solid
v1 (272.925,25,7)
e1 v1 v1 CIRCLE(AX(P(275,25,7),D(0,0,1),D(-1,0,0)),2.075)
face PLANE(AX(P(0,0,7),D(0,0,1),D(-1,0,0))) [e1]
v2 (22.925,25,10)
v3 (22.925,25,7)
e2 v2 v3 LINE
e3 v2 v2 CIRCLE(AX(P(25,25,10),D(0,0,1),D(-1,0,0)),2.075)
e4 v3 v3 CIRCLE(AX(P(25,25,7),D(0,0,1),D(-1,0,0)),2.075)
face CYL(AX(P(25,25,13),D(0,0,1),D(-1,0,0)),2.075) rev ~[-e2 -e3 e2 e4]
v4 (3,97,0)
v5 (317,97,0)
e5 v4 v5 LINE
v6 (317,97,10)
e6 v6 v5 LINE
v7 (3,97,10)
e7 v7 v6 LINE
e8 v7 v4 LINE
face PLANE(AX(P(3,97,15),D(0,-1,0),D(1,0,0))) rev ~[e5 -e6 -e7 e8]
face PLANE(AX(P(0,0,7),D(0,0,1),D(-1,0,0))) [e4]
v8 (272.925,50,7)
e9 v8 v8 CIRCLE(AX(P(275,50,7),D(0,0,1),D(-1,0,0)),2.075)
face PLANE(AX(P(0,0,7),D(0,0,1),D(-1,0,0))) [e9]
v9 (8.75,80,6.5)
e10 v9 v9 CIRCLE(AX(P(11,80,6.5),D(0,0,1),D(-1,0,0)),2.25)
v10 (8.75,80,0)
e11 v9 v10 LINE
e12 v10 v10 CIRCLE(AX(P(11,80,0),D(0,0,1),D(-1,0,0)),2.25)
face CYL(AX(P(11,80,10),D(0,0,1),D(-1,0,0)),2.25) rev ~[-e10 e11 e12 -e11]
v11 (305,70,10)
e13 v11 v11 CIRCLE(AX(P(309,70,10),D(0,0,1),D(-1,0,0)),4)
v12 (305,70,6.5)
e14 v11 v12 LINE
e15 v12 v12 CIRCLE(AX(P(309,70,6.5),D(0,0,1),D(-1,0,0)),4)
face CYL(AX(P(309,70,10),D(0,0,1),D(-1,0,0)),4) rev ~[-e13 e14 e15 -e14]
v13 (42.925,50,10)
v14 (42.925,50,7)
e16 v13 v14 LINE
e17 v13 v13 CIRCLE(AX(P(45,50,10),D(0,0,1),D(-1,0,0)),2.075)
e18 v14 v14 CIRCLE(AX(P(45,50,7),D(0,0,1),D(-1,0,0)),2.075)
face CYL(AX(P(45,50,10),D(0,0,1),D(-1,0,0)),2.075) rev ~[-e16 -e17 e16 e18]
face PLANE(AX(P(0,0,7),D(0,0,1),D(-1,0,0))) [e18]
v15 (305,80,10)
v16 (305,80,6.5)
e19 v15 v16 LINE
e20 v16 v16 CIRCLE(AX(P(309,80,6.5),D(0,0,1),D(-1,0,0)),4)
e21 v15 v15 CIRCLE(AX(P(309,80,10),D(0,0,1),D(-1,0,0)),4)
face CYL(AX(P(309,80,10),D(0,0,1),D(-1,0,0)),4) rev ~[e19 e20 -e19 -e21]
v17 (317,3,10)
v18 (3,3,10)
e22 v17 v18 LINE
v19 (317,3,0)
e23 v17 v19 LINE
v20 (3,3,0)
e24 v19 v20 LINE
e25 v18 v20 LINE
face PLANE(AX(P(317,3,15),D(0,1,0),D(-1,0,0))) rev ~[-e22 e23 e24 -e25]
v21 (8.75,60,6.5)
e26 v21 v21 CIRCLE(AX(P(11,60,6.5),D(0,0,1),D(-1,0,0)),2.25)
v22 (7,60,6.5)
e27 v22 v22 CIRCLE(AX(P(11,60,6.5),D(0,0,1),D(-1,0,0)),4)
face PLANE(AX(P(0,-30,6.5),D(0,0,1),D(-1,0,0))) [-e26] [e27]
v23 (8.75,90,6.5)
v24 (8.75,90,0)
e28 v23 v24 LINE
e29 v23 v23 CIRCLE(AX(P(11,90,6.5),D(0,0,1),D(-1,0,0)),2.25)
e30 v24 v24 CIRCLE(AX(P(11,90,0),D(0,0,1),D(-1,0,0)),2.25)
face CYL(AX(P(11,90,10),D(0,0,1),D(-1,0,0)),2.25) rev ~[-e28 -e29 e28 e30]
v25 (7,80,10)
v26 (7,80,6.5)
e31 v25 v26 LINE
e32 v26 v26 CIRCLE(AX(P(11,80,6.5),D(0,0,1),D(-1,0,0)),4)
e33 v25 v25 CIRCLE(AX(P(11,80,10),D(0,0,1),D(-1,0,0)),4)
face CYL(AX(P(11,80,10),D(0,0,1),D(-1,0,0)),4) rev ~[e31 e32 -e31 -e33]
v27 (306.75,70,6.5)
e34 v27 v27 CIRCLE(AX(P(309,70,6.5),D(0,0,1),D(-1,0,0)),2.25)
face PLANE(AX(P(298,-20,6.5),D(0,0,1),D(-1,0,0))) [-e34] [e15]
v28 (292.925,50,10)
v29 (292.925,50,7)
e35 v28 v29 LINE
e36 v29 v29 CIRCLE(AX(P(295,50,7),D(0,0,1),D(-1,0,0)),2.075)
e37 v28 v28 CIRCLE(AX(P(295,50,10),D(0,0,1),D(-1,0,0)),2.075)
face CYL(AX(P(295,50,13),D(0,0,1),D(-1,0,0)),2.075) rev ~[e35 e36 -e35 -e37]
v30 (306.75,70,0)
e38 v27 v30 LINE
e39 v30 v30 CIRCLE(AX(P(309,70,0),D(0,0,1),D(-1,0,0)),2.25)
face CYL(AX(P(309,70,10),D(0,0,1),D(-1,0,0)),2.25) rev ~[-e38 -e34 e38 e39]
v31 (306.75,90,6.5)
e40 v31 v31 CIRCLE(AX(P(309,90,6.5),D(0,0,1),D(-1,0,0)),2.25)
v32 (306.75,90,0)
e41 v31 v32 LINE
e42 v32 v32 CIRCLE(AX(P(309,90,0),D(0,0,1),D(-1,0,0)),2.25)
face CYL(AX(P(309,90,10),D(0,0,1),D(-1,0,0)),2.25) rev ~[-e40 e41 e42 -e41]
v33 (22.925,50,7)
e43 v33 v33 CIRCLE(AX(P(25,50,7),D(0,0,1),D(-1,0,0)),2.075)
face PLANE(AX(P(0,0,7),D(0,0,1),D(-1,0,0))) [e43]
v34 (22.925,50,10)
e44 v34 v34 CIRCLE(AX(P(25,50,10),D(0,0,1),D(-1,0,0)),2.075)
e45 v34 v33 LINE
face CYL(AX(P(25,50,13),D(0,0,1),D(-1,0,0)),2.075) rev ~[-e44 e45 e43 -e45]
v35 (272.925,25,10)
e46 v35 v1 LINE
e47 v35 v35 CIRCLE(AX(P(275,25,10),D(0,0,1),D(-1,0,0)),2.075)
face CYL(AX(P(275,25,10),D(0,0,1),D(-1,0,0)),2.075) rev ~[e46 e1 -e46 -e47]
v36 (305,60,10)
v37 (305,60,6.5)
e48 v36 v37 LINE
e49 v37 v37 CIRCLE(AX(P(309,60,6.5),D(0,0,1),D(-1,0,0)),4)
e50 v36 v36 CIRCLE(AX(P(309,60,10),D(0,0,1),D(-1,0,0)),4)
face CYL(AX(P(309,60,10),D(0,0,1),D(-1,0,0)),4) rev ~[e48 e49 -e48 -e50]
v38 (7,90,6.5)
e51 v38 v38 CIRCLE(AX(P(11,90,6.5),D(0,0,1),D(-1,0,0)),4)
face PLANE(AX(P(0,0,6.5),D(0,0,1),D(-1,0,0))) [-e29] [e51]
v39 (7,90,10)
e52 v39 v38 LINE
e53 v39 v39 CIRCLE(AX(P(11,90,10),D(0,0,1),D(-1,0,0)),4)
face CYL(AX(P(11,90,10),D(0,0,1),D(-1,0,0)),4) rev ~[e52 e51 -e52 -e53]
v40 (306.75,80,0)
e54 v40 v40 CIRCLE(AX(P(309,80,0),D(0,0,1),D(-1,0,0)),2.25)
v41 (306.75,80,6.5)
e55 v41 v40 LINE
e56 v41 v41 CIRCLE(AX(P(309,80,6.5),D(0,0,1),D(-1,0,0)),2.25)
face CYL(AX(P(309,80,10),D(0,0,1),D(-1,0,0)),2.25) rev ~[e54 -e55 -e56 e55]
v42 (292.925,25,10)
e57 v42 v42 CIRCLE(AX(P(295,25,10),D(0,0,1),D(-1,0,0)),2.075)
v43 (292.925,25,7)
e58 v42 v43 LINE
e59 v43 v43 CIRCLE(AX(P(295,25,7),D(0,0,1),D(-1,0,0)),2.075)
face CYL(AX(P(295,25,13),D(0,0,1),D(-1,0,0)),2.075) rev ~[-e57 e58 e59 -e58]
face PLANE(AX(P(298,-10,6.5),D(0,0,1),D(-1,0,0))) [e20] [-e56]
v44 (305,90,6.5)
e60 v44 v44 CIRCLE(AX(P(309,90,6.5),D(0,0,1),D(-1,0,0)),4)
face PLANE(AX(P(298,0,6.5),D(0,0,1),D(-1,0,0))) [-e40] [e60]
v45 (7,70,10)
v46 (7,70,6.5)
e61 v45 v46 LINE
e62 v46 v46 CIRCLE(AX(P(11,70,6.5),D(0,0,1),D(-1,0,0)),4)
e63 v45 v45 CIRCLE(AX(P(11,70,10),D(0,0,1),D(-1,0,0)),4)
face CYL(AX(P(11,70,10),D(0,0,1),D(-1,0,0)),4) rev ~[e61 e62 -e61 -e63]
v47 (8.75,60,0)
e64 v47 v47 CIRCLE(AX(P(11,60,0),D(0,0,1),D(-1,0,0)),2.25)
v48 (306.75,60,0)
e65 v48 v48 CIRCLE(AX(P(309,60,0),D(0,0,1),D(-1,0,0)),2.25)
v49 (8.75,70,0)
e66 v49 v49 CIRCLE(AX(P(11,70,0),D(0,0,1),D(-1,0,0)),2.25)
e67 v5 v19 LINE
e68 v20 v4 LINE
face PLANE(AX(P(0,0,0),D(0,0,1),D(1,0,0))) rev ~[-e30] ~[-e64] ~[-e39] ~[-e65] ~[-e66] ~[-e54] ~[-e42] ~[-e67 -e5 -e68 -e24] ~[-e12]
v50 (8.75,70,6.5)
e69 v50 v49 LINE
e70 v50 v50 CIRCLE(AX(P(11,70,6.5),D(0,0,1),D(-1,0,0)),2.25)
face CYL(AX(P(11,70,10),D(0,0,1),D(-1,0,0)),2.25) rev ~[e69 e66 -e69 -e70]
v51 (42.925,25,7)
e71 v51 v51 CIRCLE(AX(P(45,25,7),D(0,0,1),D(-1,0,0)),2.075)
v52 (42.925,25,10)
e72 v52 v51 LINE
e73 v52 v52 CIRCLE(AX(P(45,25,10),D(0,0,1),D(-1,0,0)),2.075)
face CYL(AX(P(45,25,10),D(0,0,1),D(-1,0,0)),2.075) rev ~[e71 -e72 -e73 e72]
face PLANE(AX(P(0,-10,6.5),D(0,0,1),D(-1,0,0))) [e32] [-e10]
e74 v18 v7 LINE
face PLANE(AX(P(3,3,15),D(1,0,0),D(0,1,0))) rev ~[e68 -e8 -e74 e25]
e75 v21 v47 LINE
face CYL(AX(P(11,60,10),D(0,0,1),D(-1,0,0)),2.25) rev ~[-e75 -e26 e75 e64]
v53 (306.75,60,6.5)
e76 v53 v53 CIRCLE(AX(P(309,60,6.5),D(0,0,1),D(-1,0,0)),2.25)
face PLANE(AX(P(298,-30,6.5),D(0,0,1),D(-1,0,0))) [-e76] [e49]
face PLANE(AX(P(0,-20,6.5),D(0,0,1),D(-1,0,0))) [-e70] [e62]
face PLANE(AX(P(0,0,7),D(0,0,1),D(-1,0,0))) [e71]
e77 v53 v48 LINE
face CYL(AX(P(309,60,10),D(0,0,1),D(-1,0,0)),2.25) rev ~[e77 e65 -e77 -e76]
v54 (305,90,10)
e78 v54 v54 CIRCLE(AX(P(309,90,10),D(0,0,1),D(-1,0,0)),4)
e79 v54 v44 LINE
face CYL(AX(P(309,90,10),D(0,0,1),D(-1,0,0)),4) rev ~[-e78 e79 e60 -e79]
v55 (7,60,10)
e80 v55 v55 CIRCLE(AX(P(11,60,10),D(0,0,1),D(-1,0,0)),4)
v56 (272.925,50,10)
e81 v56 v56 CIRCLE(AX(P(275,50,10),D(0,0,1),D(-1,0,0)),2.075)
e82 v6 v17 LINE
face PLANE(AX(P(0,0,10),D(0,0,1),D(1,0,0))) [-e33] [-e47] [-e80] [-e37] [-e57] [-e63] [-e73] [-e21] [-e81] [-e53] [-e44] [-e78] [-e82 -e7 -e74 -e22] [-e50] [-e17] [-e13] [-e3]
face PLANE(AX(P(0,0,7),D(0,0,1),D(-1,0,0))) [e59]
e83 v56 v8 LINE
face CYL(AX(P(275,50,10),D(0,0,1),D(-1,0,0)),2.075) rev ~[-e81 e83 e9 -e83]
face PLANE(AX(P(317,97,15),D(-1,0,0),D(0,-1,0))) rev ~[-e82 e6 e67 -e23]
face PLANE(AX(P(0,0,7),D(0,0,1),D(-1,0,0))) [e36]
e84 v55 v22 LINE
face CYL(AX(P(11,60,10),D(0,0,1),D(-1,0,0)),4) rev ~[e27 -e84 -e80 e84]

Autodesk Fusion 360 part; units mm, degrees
sketch "Sketch1" plane through (0, 0, 0) normal (0, 0, 1) x (1, 0, 0)
  line L0 (0, 0) -> (320, 0)
  line L1 (320, 0) -> (320, 100)
  line L2 (320, 100) -> (0, 100)
  line L3 (0, 100) -> (0, 0)
  dimension "d1" = 320
  dimension "d2" = 100
extrude "Extrude1" add sketch "Sketch1" along normal blind 10
sketch "Sketch2" plane through (0, 0, 10) normal (0, 0, 1) x (-1, 0, 0)
  line L0 (0, -100) -> (0, 0)
  line L1 (0, 0) -> (-320, 0)
  line L2 (-320, 0) -> (-320, -100)
  line L3 (-320, -100) -> (0, -100)
  circle A0 centre (-11, -90) radius 2.25
  circle A1 centre (-309, -90) radius 2.25
  circle A2 centre (-11, -80) radius 2.25
  circle A3 centre (-309, -80) radius 2.25
  circle A4 centre (-11, -70) radius 2.25
  circle A5 centre (-11, -60) radius 2.25
  circle A6 centre (-309, -70) radius 2.25
  circle A7 centre (-309, -60) radius 2.25
  dimension "d5" = 4.5
  dimension "d6" = 4.5
  dimension "d7" = 298
  dimension "d8" = 11
  dimension "d9" = 10
  dimension "d10" = 4.5
  dimension "d11" = 4.5
  dimension "d13" = 4.5
  dimension "d14" = 4.5
  dimension "d16" = 4.5
  dimension "d17" = 4.5
extrude "Extrude2" cut sketch "Sketch2" against normal blind 30 contours A0 | A1 | A2 | A3 | A4 | A5 | A6 | A7
sketch "Sketch3" plane through (0, 0, 10) normal (0, 0, 1) x (-1, 0, 0)
  circle A0 centre (-309, -80) radius 2.25
  circle A1 centre (-11, -80) radius 2.25
  circle A2 centre (-11, -70) radius 2.25
  circle A3 centre (-309, -70) radius 2.25
  circle A4 centre (-309, -90) radius 2.25
  circle A5 centre (-11, -90) radius 2.25
  circle A6 centre (-11, -60) radius 2.25
  circle A7 centre (-309, -60) radius 2.25
  line L0 (0, -100) -> (0, 0)
  line L1 (0, 0) -> (-320, 0)
  line L2 (-320, 0) -> (-320, -100)
  line L3 (-320, -100) -> (0, -100)
  circle A8 centre (-11, -90) radius 4
  dimension "d23" = 8
extrude "Extrude3" cut sketch "Sketch3" against normal blind 3.5 contours A8
pattern_linear "R-Pattern1" count 4 spacing 10 along (0, -1, 0) count 2 spacing 298 along (1, 0, 0) of "Extrude3"
sketch "Sketch4" plane through (0, 0, 10) normal (0, 0, 1) x (-1, 0, 0)
  circle A0 centre (-309, -60) radius 4
  circle A1 centre (-309, -70) radius 4
  circle A2 centre (-309, -80) radius 4
  circle A3 centre (-309, -90) radius 4
  circle A4 centre (-11, -60) radius 4
  circle A5 centre (-11, -70) radius 4
  circle A6 centre (-11, -80) radius 4
  circle A7 centre (-11, -90) radius 4
  line L0 (0, -100) -> (0, 0)
  line L1 (0, 0) -> (-320, 0)
  line L2 (-320, 0) -> (-320, -100)
  line L3 (-320, -100) -> (0, -100)
  line L4 (-317, -3) -> (-3, -3)
  line L5 (-3, -3) -> (-3, -97)
  line L6 (-3, -97) -> (-317, -97)
  line L7 (-317, -97) -> (-317, -3)
extrude "Extrude4" add sketch "Sketch4" along normal blind 5 contours L0 L1 L2 L3
sketch "Sketch5" plane through (0, 0, 10) normal (0, 0, 1) x (-1, 0, 0)
  line L0 (-3, -97) -> (-3, -3)
  line L1 (-3, -3) -> (-317, -3)
  line L2 (-317, -3) -> (-317, -97)
  line L3 (-317, -97) -> (-3, -97)
  circle A0 centre (-309, -60) radius 4
  circle A1 centre (-309, -70) radius 4
  circle A2 centre (-309, -80) radius 4
  circle A3 centre (-309, -90) radius 4
  circle A4 centre (-11, -60) radius 4
  circle A5 centre (-11, -70) radius 4
  circle A6 centre (-11, -80) radius 4
  circle A7 centre (-11, -90) radius 4
  circle A8 centre (-25, -50) radius 2.075
  circle A9 centre (-25, -25) radius 2.075
  circle A10 centre (-295, -50) radius 2.075
  circle A11 centre (-295, -25) radius 2.075
  dimension "d32" = 4.15
  dimension "d33" = 4.15
  dimension "d34" = 4.15
  dimension "d35" = 4.15
extrude "Extrude5" add sketch "Sketch5" along normal blind 3 contours A8 | A9 | A10 | A11
sketch "Sketch6" plane through (0, 0, 10) normal (0, 0, 1) x (-1, 0, 0)
  circle A0 centre (-295, -25) radius 2.075
  circle A1 centre (-25, -50) radius 2.075
  circle A2 centre (-295, -50) radius 2.075
  circle A3 centre (-25, -25) radius 2.075
  line L0 (-3, -97) -> (-3, -3)
  line L1 (-3, -3) -> (-317, -3)
  line L2 (-317, -3) -> (-317, -97)
  line L3 (-317, -97) -> (-3, -97)
  circle A4 centre (-309, -60) radius 4
  circle A5 centre (-309, -70) radius 4
  circle A6 centre (-309, -80) radius 4
  circle A7 centre (-309, -90) radius 4
  circle A8 centre (-11, -60) radius 4
  circle A9 centre (-11, -70) radius 4
  circle A10 centre (-11, -80) radius 4
  circle A11 centre (-11, -90) radius 4
  circle A12 centre (-45, -50) radius 2.075
  circle A13 centre (-45, -25) radius 2.075
  circle A14 centre (-275, -50) radius 2.075
  circle A15 centre (-275, -25) radius 2.075
  dimension "d38" = 4.15
  dimension "d39" = 4.15
  dimension "d40" = 4.15
  dimension "d41" = 4.15
extrude "Extrude6" cut sketch "Sketch6" against normal blind 3 contours A12 | A13 | A14 | A15
extrude "Extrude7" cut 1 faces at (212.3333, 1, 15) along direction (0, 0, -1) blind 15
extrude "Extrude8" cut 4 faces at (24.3391, 50.0023, 13) (25.1539, 24.4763, 13) (295.5715, 25.5958, 13) (294.4285, 49.4042, 13) along direction (0, 0, -1) blind 6
